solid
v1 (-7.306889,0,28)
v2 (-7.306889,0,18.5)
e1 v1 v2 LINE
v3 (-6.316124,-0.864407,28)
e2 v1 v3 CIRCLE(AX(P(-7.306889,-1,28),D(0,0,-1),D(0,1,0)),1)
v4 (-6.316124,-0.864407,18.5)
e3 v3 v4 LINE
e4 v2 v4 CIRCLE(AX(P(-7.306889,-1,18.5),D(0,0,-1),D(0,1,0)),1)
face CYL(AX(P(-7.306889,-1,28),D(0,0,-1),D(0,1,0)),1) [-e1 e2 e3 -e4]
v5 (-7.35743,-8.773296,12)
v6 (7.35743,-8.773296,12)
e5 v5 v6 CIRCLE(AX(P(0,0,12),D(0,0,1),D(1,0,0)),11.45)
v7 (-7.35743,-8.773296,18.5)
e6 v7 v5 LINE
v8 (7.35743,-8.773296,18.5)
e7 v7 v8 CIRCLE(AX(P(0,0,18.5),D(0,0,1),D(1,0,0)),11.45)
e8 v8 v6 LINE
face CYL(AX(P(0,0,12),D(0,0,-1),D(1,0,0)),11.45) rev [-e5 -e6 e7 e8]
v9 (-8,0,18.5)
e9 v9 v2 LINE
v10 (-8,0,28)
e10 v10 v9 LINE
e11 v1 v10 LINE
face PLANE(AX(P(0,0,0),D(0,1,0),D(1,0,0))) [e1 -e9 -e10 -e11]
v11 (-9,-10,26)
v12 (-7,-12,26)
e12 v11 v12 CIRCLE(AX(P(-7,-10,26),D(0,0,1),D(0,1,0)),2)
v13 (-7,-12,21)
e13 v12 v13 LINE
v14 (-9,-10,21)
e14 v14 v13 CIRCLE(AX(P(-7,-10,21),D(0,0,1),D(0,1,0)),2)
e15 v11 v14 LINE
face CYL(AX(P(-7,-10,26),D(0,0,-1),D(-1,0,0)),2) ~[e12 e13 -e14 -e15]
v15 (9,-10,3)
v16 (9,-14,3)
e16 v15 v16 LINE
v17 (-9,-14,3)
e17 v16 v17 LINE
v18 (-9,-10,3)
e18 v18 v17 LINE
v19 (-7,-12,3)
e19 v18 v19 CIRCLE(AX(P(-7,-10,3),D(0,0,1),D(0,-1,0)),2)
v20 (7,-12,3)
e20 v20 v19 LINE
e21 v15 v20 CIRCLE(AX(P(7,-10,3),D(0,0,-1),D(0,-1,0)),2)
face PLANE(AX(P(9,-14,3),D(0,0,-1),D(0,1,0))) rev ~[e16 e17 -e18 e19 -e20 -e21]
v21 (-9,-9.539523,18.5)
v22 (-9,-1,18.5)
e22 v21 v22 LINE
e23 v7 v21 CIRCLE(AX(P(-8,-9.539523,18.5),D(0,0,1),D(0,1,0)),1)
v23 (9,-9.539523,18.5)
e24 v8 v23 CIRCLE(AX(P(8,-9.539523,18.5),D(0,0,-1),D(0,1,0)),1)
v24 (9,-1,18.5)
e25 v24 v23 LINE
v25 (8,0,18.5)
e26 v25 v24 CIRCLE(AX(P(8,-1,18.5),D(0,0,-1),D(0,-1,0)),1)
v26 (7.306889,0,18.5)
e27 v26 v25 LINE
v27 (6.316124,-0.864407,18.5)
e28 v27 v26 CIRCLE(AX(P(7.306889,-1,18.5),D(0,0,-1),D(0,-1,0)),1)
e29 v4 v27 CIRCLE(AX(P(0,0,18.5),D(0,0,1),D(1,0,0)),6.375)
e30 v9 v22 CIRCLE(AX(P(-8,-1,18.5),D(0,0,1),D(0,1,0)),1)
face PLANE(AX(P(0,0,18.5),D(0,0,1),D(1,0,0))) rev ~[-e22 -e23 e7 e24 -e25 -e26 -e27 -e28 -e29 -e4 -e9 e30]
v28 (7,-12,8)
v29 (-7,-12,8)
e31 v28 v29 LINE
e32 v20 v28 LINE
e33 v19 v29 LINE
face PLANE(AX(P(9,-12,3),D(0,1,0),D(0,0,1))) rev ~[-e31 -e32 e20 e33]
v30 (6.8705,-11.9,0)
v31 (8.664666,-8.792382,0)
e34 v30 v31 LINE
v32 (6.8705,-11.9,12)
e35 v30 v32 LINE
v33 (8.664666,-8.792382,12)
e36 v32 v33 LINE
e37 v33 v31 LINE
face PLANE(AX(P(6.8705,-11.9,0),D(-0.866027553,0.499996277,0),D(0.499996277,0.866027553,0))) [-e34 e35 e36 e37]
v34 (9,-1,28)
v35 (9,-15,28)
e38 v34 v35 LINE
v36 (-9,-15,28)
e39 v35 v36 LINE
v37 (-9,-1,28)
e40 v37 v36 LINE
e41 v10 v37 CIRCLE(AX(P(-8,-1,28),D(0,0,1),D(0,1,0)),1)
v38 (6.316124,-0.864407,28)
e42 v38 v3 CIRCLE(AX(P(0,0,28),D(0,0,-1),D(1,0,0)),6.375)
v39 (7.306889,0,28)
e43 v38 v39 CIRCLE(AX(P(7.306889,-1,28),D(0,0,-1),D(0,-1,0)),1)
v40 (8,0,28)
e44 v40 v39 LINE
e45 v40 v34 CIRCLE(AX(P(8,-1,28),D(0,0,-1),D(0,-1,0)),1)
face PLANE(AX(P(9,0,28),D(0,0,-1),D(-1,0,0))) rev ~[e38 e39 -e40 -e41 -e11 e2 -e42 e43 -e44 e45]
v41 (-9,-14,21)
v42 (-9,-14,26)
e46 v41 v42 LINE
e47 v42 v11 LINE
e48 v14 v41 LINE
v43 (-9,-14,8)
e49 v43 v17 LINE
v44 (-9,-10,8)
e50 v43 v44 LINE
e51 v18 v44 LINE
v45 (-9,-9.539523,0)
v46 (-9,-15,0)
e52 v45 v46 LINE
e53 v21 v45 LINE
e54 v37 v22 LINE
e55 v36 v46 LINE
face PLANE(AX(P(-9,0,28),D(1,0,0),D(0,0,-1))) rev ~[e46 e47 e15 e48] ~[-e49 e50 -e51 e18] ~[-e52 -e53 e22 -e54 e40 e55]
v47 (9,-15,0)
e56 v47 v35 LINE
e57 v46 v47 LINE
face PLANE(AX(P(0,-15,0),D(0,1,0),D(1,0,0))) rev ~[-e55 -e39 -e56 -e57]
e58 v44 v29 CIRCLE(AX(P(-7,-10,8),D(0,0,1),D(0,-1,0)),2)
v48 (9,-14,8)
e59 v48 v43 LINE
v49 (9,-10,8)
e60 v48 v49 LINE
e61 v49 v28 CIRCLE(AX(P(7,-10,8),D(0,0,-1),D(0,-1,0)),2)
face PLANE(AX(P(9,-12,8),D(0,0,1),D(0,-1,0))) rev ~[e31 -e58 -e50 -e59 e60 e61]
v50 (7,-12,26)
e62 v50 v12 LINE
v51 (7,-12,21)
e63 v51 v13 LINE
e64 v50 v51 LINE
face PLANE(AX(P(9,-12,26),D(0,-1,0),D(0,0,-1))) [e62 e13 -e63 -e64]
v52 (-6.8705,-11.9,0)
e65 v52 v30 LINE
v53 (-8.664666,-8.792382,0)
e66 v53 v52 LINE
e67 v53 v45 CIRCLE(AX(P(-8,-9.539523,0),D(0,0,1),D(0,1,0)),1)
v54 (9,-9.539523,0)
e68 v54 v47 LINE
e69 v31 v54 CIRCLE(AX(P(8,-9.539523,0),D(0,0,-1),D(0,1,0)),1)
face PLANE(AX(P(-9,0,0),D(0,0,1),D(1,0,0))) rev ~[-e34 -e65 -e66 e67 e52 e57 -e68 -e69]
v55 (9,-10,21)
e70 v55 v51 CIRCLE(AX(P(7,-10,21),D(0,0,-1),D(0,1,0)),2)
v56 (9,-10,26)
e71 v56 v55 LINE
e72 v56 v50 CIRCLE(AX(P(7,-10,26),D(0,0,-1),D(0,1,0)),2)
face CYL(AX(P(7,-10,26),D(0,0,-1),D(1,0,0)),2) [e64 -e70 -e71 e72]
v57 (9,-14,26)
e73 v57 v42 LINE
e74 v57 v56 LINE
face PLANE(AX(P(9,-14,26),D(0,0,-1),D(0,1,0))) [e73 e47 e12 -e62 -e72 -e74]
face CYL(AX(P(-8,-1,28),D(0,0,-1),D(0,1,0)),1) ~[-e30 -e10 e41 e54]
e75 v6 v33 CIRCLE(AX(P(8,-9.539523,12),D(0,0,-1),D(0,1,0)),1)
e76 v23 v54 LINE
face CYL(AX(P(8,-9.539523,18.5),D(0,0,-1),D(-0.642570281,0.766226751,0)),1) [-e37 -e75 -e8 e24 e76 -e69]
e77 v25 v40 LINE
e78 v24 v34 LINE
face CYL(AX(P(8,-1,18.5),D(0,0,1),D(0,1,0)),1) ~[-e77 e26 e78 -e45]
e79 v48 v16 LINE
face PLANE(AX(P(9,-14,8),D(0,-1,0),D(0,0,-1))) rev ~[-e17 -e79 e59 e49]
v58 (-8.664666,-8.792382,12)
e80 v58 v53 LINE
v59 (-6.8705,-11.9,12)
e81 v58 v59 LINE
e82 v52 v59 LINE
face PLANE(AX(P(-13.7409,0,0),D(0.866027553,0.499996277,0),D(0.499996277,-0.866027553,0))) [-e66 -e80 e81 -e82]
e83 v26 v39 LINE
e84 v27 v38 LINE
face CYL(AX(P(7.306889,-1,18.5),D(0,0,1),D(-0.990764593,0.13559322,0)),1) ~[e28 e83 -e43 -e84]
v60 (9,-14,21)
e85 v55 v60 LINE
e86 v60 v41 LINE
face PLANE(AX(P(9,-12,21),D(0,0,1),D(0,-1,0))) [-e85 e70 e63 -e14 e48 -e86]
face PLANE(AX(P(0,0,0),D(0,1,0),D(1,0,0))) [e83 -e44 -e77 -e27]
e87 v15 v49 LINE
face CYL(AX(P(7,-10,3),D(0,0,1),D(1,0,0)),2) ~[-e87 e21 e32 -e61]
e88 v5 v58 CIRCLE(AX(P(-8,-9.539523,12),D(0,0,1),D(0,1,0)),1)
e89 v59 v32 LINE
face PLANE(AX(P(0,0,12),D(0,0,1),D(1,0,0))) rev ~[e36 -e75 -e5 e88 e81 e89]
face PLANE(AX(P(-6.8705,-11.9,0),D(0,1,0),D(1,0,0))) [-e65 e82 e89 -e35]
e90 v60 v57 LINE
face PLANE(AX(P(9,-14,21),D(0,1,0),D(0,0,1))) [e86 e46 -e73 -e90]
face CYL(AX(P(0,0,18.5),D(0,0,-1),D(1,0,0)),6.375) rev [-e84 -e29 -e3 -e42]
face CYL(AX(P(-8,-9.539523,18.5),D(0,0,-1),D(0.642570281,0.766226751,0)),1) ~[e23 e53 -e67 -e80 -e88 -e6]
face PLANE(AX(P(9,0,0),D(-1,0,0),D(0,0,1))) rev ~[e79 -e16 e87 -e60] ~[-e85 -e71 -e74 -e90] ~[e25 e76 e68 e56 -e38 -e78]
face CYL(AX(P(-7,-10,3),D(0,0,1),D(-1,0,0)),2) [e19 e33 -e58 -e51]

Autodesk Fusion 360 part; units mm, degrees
sketch "Sketch1" plane through (0, 0, 0) normal (0, 0, 1) x (1, 0, 0)
  circle A0 centre (0, 0) radius 11.45
  line L0 (-6.8705, 11.9) -> (-13.7409, 0)
  line L1 (-13.7409, 0) -> (-6.8705, -11.9)
  line L2 (-6.8705, -11.9) -> (6.8705, -11.9)
  line L3 (6.8705, -11.9) -> (13.7409, 0)
  line L4 (13.7409, 0) -> (6.8705, 11.9)
  line L5 (6.8705, 11.9) -> (-6.8705, 11.9)
  line L6 (-4.6188, 8) -> (-9.2376, 0)
  line L7 (-9.2376, 0) -> (-4.6188, -8)
  line L8 (-4.6188, -8) -> (4.6188, -8)
  line L9 (4.6188, -8) -> (9.2376, 0)
  line L10 (9.2376, 0) -> (4.6188, 8)
  line L11 (4.6188, 8) -> (-4.6188, 8)
  circle A1 centre (0, 0) radius 6.375
  dimension "d2" = 22.9
  dimension "d3" = 11.9
  dimension "d15" = 8
  dimension "d24" = 12.75
extrude "Extrude2" add sketch "Sketch1" along normal blind 12 contours A0 | L0 L1 L2 L3 L4 L5 | L6 L7 L8 L9 L10 L11 | A1 makes body 1
extrude "Extrude3" add sketch "Sketch1" along normal blind 6.5 from surface at 12 contours A0 | L6 L7 L8 L9 L10 L11 | A1 bodies 1
extrude "Extrude4" add sketch "Sketch1" along normal blind 10 from surface at 18.5 contours A1 bodies 1
sketch "Sketch2" plane through (0, 0, 0) normal (0, 1, 0) x (1, 0, 0)
  line L0 (-9, 0) -> (9, 0)
  line L1 (9, 0) -> (9, -28)
  line L2 (9, -28) -> (-9, -28)
  line L3 (-9, -28) -> (-9, 0)
  dimension "d25" = 28
extrude "Extrude5" add sketch "Sketch2" against normal blind 15 separate body makes body 2
combine "Combine1" operation cut target body 2 tool bodies 1 keep tools
sketch "Sketch3" plane through (9, 0, 0) normal (1, 0, 0) x (0, 1, 0)
  line L0 (0, 28) -> (-15, 28)
  line L1 (-15, 28) -> (-15, 0)
  line L2 (-15, 0) -> (-8.2115, 0)
  line L3 (-14, 26) -> (-12, 26)
  line L4 (-12, 26) -> (-12, 21)
  line L5 (-12, 21) -> (-14, 21)
  line L6 (-14, 21) -> (-14, 26)
  line L7 (-14, 3) -> (-12, 3)
  line L8 (-12, 3) -> (-12, 8)
  line L9 (-12, 8) -> (-14, 8)
  line L10 (-14, 8) -> (-14, 3)
  line L11 (-7.0783, 12) -> (-7.0783, 18.5)
  line L12 (-8.2115, 0) -> (-8.2115, 12)
  line L13 (-8.2115, 12) -> (-7.0783, 12)
  line L14 (-7.0783, 18.5) -> (0, 18.5)
  line L15 (0, 18.5) -> (0, 28)
  dimension "d28" = 2
  dimension "d29" = 5
  dimension "d30" = 2
  dimension "d31" = 5
  dimension "d32" = 3
  dimension "d33" = 2
extrude "Extrude6" cut sketch "Sketch3" against normal blind 28 contours L3 L4 L5 L6 | L7 L8 L9 L10 bodies 2
fillet "Fillet1" radius 2 4 edges at (9, -12, 23.5) (9, -12, 5.5) (-9, -12, 23.5) (-9, -12, 5.5) on bodies 2
fillet "Fillet2" radius 1 8 edges at (-9, -7.0783, 15.25) (-9, -8.2115, 6) (9, -8.2115, 6) (9, -7.0783, 15.25) (-6.375, 0, 23.25) (-9, 0, 23.25) (6.375, 0, 23.25) (9, 0, 23.25) on bodies 2
hidden bodies 1
equation "d3 = 23.8 mm / 2"
equation "d9 = 18.5 mm - 12 mm"
equation "d30 = d28"
equation "d31 = d29"
equation "d33 = d28"
